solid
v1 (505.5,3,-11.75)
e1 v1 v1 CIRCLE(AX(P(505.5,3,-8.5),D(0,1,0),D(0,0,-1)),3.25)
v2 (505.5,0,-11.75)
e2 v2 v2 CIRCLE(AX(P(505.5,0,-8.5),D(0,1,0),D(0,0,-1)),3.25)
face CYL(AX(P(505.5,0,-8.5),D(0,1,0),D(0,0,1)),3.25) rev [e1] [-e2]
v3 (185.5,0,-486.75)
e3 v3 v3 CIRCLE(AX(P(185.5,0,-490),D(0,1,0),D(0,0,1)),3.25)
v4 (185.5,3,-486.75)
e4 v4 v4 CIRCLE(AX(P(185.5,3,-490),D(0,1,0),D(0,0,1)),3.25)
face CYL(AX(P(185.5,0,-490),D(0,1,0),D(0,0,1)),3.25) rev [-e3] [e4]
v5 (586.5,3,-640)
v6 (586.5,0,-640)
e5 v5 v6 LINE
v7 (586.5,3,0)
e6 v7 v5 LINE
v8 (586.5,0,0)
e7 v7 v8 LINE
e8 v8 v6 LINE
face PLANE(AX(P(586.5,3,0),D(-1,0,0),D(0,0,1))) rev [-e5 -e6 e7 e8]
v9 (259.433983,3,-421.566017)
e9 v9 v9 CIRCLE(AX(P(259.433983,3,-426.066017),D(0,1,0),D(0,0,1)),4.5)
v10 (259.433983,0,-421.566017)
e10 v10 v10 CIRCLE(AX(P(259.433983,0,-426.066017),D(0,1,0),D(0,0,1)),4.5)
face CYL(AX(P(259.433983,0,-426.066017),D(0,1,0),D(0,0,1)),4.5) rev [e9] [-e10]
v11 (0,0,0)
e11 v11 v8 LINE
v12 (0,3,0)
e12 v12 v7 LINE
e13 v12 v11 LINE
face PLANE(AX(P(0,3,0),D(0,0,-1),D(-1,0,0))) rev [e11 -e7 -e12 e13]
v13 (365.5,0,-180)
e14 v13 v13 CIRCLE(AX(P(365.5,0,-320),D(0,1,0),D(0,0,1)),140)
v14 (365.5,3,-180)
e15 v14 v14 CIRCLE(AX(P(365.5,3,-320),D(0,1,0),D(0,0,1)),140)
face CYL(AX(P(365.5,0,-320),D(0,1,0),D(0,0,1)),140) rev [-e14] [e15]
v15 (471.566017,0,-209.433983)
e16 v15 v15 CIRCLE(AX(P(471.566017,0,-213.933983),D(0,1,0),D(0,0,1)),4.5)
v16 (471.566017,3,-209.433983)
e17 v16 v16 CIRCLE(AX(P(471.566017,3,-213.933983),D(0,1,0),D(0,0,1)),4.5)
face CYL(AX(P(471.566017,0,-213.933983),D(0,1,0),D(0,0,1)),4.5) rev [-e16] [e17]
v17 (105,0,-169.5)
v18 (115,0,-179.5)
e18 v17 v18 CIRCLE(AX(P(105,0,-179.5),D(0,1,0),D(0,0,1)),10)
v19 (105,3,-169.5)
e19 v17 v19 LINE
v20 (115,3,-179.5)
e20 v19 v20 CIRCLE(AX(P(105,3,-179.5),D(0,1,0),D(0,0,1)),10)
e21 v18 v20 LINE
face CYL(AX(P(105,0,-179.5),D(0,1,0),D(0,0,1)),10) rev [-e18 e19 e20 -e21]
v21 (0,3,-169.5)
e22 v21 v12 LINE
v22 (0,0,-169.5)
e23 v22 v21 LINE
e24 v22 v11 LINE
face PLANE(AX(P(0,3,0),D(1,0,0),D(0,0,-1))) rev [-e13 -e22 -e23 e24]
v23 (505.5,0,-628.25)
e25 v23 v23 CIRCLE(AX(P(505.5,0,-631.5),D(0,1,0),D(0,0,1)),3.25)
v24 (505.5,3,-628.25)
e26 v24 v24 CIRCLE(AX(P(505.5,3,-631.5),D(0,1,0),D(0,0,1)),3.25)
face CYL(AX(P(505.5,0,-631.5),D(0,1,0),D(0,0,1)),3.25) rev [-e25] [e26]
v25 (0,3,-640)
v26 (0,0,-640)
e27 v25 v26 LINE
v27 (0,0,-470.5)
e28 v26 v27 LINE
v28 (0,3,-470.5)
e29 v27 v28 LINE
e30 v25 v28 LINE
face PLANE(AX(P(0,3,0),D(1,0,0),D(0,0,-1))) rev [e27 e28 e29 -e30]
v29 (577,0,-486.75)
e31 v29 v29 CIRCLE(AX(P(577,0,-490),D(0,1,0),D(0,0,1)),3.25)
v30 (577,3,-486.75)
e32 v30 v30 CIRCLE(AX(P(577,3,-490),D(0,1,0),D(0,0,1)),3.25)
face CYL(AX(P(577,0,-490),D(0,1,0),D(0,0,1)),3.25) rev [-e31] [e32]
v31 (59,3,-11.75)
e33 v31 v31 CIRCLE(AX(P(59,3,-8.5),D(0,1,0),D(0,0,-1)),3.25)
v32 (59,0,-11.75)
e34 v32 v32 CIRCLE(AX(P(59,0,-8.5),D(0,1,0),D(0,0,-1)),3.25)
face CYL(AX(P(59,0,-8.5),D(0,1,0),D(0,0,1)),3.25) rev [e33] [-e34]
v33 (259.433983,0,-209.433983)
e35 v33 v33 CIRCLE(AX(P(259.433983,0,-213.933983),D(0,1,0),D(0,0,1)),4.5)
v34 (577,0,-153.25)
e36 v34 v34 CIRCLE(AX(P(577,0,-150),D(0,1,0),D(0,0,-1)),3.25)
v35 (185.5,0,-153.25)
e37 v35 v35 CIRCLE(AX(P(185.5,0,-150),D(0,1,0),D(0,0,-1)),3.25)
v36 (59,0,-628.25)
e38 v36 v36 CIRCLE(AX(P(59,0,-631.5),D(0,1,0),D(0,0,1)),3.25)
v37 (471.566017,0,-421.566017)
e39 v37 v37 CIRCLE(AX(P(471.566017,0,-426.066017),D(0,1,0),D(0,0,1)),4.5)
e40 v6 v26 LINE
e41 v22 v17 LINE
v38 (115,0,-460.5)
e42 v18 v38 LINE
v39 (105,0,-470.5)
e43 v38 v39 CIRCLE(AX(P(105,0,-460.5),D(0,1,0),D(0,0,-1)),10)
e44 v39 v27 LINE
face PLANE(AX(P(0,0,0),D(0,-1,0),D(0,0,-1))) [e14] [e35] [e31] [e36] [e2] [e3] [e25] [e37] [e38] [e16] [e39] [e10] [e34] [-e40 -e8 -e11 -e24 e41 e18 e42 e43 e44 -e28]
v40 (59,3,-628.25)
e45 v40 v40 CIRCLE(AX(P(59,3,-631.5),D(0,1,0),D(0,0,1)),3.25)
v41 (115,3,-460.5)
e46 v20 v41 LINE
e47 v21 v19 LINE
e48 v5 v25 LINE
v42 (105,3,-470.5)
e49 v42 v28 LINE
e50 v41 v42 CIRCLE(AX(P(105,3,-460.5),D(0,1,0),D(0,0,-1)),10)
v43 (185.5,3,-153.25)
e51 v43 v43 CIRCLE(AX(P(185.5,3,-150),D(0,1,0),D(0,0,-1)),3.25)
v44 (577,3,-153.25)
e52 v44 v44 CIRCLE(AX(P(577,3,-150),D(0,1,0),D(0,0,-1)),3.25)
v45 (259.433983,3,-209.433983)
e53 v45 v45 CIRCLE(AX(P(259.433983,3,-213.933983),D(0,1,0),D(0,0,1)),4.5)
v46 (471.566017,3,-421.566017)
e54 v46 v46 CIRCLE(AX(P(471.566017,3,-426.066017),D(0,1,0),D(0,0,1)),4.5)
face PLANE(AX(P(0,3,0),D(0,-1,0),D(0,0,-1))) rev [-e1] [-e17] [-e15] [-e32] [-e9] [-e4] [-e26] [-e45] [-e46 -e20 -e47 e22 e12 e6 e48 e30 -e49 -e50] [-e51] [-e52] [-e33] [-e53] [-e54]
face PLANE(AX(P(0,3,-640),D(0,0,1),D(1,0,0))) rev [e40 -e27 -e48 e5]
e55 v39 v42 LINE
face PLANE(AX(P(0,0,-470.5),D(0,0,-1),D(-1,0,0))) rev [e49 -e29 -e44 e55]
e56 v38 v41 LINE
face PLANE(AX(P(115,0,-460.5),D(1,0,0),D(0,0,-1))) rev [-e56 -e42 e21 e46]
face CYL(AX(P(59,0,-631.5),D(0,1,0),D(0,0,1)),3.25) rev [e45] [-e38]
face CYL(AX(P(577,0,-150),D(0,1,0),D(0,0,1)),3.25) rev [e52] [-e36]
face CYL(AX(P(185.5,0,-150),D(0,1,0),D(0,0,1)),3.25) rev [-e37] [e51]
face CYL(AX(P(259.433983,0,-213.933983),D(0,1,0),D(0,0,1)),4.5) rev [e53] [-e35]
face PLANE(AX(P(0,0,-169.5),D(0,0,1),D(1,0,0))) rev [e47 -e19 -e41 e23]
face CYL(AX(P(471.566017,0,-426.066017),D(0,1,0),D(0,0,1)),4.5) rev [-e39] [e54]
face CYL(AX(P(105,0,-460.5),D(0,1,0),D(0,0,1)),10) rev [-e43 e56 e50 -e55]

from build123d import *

# Parameters (mm, degrees)
SKETCH_1_W          = 586.5
SKETCH_1_H          = 640
EXTRUDE_1_DEPTH     = 3
CUT_EXTRUDE_1_DEPTH = 3
SKETCH_3_R          = 140
CUT_EXTRUDE_2_DEPTH = 3
SKETCH_4_R          = 4.5
CUT_EXTRUDE_3_DEPTH = 869.09633682
SKETCH_5_R          = 3.25
CUT_EXTRUDE_4_DEPTH = 869.09633682


with BuildPart() as part:
    # 스케치1 → 보스-돌출1 (new body)
    with BuildSketch(Plane(origin=(0, 0, 0), x_dir=(1, 0, 0), z_dir=(0, 1, 0))):
        with Locations((293.25, 320)):
            Rectangle(SKETCH_1_W, SKETCH_1_H)
    extrude(amount=EXTRUDE_1_DEPTH)

    # 스케치2 → 컷-돌출1 (cut)
    with BuildSketch(Plane(origin=(0, 3, 0), x_dir=(1, 0, 0), z_dir=(0, 1, 0))):
        with BuildLine():
            Line((0, 470.5), (105, 470.5))
            ThreePointArc((105, 470.5), (112.071067812, 467.571067812), (115, 460.5))
            Line((115, 460.5), (115, 179.5))
            ThreePointArc((115, 179.5), (112.071067812, 172.428932188), (105, 169.5))
            Line((105, 169.5), (0, 169.5))
            Line((0, 169.5), (0, 470.5))
        make_face()
    extrude(amount=-CUT_EXTRUDE_1_DEPTH, mode=Mode.SUBTRACT)

    # 스케치3 → 컷-돌출2 (cut)
    with BuildSketch(Plane(origin=(0, 3, 0), x_dir=(1, 0, 0), z_dir=(0, 1, 0))):
        with Locations(Location((365.5, 320, 0), (0, 0, 270))):
            Circle(SKETCH_3_R)
    extrude(amount=-CUT_EXTRUDE_2_DEPTH, mode=Mode.SUBTRACT)

    # 스케치4 → 컷-돌출3 (cut, through all)
    with BuildSketch(Plane(origin=(0, 3, 0), x_dir=(1, 0, 0), z_dir=(0, 1, 0))):
        with Locations(Location((259.433982822, 426.066017178, 0), (0, 0, 270))):
            Circle(SKETCH_4_R)
        with Locations(Location((471.566017178, 426.066017178, 0), (0, 0, 270))):
            Circle(SKETCH_4_R)
        with Locations(Location((471.566017178, 213.933982822, 0), (0, 0, 270))):
            Circle(SKETCH_4_R)
        with Locations(Location((259.433982822, 213.933982822, 0), (0, 0, 270))):
            Circle(SKETCH_4_R)
    extrude(amount=-CUT_EXTRUDE_3_DEPTH, mode=Mode.SUBTRACT)

    # 스케치5 → 컷-돌출4 (cut, through all)
    with BuildSketch(Plane(origin=(0, 3, 0), x_dir=(1, 0, 0), z_dir=(0, 1, 0))):
        with Locations(Location((59, 631.5, 0), (0, 0, 270))):
            Circle(SKETCH_5_R)
        with Locations(Location((505.5, 631.5, 0), (0, 0, 270))):
            Circle(SKETCH_5_R)
        with Locations(Location((185.5, 490, 0), (0, 0, 270))):
            Circle(SKETCH_5_R)
        with Locations(Location((577, 490, 0), (0, 0, 270))):
            Circle(SKETCH_5_R)
        with Locations(Location((577, 150, 0), (0, 0, 90))):
            Circle(SKETCH_5_R)
        with Locations(Location((185.5, 150, 0), (0, 0, 90))):
            Circle(SKETCH_5_R)
        with Locations(Location((505.5, 8.5, 0), (0, 0, 90))):
            Circle(SKETCH_5_R)
        with Locations(Location((59, 8.5, 0), (0, 0, 90))):
            Circle(SKETCH_5_R)
    extrude(amount=-CUT_EXTRUDE_4_DEPTH, mode=Mode.SUBTRACT)


solid = part.part
